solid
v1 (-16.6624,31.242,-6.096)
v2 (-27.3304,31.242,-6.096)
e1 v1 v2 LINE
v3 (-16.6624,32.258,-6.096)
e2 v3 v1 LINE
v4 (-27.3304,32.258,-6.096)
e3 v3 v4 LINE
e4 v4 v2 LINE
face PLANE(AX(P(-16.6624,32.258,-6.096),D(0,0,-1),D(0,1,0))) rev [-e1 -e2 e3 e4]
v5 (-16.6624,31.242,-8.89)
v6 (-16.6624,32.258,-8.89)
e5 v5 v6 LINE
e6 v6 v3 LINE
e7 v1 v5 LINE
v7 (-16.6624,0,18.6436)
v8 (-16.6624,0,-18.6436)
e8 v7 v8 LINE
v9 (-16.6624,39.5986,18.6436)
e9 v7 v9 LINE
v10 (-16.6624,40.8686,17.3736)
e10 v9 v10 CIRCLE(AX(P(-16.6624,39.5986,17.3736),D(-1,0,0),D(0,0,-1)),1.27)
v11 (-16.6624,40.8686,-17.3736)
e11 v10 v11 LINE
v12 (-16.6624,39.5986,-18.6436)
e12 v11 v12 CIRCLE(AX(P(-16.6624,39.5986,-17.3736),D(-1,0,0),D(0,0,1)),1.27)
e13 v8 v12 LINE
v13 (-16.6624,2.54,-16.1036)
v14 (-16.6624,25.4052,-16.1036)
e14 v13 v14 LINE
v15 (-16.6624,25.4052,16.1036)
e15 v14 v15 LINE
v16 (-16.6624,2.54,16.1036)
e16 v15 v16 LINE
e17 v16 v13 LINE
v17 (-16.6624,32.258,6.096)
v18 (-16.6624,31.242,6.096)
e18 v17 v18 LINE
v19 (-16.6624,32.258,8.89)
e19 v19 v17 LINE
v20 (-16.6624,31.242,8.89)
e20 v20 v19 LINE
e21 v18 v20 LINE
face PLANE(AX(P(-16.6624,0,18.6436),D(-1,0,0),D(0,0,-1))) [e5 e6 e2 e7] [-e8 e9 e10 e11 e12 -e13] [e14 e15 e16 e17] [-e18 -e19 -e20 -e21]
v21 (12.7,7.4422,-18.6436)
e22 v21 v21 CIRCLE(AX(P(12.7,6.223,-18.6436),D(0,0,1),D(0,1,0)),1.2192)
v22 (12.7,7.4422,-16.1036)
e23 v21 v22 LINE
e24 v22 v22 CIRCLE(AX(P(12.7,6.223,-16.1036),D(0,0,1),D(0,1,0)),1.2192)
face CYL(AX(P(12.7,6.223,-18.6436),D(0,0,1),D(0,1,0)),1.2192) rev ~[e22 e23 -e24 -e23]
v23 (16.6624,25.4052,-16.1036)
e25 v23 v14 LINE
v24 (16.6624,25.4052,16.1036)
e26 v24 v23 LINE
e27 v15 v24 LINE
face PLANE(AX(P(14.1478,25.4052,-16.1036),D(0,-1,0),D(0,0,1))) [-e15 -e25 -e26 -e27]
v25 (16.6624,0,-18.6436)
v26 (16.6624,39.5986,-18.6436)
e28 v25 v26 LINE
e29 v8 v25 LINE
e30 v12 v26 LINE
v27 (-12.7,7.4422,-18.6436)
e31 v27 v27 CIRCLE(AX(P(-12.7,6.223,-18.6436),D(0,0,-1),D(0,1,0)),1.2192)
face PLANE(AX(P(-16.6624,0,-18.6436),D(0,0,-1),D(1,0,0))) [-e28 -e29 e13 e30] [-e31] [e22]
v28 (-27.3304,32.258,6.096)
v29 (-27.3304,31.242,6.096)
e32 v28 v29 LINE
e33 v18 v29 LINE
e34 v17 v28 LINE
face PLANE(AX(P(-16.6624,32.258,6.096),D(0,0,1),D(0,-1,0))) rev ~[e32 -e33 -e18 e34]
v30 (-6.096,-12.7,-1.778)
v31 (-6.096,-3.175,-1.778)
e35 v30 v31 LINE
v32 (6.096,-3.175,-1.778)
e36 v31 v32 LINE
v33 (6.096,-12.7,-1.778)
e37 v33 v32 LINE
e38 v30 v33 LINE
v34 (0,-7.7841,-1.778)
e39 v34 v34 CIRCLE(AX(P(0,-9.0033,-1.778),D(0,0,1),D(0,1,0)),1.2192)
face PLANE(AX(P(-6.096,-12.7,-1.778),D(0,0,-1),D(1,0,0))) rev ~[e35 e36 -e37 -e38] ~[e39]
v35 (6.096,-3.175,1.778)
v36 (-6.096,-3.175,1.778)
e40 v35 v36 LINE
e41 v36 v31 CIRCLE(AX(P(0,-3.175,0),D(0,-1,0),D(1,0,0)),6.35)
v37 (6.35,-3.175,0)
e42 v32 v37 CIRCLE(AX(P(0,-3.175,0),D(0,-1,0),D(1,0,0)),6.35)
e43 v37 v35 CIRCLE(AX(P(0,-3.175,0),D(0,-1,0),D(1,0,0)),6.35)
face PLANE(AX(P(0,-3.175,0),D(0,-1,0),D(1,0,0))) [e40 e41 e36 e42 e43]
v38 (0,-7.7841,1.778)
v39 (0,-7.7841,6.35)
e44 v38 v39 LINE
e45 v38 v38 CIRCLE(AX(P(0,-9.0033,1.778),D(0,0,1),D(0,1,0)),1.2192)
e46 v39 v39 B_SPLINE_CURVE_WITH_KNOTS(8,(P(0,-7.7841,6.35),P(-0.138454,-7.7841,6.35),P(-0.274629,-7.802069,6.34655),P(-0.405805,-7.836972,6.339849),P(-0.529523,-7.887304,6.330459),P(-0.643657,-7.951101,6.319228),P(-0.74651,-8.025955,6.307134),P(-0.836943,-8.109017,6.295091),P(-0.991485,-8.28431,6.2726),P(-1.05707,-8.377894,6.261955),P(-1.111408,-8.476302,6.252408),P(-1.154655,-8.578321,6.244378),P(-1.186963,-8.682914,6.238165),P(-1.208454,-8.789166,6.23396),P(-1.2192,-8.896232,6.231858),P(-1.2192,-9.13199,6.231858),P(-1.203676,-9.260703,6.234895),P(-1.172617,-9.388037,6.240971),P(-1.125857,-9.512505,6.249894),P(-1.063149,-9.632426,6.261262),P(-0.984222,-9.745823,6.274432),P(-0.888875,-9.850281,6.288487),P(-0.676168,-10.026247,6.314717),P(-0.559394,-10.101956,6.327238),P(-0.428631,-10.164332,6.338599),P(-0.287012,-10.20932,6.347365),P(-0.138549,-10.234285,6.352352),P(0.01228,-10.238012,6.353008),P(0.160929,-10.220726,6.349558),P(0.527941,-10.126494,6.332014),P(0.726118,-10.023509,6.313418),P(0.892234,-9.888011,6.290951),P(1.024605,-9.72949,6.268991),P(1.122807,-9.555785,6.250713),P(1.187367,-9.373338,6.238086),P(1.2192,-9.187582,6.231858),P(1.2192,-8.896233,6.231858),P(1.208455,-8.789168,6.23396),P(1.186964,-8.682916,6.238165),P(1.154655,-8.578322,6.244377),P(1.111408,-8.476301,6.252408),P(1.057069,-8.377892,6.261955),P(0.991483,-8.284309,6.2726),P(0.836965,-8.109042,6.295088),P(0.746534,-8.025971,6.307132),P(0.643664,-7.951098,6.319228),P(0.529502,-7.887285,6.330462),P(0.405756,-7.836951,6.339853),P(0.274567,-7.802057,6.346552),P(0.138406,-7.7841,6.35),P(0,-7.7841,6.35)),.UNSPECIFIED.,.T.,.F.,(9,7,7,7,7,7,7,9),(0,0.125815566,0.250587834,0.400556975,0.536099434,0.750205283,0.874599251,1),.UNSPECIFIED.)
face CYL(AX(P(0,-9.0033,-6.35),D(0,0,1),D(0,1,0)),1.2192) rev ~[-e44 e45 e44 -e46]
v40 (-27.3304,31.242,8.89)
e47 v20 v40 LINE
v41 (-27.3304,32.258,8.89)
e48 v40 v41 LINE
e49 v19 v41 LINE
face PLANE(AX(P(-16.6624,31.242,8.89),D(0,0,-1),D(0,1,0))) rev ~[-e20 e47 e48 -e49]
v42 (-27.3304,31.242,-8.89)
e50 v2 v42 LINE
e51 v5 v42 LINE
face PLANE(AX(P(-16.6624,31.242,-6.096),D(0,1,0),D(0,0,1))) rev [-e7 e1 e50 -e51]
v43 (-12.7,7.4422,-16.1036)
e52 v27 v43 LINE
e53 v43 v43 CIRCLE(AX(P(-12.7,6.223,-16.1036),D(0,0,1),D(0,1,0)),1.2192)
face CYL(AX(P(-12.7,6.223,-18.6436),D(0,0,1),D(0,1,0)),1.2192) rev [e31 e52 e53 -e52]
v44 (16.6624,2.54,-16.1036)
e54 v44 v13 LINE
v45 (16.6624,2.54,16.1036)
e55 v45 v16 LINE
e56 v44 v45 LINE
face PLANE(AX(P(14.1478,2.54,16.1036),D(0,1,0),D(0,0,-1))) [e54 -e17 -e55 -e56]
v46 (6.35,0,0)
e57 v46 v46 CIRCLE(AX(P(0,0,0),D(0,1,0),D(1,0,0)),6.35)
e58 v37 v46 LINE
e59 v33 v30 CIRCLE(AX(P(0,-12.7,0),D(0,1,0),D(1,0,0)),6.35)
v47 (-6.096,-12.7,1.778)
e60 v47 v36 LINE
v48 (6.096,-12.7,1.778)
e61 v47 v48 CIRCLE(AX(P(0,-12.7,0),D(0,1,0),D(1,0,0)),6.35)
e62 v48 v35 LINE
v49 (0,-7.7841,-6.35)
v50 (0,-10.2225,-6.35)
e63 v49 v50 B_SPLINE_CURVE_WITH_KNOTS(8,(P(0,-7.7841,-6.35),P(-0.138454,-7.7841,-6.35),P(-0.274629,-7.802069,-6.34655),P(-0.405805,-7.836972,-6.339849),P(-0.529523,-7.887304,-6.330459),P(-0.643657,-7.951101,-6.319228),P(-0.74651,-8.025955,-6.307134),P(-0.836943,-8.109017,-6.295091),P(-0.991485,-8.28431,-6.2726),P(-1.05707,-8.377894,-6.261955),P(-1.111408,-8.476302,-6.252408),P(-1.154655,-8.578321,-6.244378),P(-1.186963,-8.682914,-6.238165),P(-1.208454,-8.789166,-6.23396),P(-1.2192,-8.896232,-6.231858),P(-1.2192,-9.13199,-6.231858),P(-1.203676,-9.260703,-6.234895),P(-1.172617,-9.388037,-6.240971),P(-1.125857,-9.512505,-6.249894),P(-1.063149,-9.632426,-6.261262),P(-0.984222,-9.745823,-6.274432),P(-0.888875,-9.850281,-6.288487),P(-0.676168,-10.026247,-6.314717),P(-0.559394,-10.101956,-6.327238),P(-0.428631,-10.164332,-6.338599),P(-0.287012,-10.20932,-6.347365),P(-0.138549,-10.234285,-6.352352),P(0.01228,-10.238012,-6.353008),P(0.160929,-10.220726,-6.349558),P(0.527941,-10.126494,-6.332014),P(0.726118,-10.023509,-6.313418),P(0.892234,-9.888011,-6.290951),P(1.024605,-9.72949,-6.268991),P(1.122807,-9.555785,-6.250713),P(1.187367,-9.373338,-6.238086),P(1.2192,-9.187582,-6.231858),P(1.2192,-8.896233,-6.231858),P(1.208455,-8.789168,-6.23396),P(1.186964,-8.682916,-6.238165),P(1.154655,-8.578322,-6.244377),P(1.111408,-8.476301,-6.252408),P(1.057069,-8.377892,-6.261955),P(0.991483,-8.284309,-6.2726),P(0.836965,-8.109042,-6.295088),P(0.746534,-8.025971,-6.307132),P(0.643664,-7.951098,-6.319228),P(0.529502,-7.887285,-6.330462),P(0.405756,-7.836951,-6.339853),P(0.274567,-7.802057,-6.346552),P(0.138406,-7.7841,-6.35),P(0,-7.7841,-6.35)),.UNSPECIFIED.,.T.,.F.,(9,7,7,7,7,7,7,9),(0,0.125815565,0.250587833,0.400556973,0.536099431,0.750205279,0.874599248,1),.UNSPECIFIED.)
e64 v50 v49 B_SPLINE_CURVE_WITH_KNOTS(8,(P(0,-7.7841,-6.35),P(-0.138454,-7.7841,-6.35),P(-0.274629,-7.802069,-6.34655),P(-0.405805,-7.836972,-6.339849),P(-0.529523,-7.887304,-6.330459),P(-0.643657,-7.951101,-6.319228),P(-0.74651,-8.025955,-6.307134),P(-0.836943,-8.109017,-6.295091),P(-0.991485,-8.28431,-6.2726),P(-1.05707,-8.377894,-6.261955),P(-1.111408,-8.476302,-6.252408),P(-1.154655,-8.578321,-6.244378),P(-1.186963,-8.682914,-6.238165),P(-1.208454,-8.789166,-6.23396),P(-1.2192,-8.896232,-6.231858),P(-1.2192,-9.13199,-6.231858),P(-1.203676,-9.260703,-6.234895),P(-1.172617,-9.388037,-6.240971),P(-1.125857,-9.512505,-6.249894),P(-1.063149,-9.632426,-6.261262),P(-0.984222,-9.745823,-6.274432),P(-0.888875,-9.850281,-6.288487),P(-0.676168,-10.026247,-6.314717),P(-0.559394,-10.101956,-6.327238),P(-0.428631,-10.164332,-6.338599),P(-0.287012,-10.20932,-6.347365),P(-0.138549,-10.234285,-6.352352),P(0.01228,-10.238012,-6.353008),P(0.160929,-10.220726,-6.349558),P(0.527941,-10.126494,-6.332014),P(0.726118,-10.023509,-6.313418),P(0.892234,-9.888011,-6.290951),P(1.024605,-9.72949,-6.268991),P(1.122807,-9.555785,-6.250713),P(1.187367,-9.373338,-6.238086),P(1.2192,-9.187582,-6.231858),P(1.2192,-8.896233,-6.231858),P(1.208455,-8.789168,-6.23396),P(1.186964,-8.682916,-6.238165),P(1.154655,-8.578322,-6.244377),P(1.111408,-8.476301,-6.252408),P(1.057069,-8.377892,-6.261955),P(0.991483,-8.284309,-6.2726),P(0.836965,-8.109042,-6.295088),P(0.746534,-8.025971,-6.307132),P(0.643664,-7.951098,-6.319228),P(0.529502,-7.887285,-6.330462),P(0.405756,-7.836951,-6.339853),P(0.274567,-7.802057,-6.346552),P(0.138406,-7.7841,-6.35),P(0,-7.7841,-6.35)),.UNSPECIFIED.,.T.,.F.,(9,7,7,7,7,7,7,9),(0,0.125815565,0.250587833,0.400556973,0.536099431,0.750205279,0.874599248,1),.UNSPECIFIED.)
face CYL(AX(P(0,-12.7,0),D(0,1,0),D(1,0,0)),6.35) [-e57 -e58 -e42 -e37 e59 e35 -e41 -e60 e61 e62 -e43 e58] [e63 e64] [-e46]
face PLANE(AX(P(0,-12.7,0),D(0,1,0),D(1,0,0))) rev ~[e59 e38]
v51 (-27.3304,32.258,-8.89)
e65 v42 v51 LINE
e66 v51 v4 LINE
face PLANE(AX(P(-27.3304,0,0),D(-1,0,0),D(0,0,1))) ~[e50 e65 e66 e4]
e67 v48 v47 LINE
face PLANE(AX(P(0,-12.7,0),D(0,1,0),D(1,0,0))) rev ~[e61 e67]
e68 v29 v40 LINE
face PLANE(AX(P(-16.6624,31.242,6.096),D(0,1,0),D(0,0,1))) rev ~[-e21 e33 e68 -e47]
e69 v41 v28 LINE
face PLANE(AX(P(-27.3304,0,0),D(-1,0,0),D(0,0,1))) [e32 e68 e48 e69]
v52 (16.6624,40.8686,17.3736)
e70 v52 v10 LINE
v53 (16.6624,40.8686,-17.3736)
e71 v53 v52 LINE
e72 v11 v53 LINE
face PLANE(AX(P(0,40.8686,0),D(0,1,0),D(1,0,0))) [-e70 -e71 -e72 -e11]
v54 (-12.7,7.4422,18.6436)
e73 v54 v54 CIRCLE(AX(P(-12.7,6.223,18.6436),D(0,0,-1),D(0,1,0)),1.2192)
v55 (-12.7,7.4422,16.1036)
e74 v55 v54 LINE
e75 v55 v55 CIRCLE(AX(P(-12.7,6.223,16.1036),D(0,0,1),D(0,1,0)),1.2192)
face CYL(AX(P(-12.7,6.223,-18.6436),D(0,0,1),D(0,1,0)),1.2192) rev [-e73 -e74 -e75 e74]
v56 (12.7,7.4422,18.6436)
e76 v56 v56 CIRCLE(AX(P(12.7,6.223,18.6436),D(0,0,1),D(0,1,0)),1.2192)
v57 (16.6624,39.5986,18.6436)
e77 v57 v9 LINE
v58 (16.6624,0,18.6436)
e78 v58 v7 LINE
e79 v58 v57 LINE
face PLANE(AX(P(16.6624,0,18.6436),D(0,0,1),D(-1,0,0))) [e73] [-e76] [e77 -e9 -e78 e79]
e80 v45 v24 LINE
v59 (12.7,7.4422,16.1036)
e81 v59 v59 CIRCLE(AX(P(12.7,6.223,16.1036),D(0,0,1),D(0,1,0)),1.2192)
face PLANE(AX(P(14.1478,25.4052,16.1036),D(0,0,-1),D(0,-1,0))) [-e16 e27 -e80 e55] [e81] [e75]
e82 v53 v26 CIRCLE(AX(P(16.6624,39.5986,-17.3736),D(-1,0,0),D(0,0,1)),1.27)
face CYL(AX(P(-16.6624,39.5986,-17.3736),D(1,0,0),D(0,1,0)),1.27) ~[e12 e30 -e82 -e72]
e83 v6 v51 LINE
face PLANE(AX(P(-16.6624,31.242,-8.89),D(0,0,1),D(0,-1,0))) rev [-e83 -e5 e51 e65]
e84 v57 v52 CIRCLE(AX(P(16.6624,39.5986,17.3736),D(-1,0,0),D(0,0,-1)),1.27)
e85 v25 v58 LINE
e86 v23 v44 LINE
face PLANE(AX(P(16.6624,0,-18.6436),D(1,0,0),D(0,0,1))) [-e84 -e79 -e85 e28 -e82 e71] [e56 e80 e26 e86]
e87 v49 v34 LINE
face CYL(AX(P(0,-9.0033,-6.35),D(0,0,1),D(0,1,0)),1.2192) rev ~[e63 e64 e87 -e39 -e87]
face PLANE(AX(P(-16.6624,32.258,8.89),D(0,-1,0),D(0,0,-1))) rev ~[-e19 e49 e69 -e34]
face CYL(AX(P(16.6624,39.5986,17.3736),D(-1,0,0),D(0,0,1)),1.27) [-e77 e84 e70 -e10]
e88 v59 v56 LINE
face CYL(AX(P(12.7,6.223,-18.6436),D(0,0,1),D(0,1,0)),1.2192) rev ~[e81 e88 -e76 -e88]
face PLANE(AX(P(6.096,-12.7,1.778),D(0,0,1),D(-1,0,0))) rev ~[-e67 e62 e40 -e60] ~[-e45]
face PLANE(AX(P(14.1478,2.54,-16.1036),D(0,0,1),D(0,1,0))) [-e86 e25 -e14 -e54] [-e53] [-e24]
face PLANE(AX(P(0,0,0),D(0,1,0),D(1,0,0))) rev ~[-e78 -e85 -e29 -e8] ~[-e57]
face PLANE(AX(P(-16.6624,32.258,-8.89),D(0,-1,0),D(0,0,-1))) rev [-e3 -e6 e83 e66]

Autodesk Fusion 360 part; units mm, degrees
sketch "Sketch1" plane through (0, 0, 0) normal (0, 1, 0) x (1, 0, 0)
  line L0 (16.6624, -18.6436) -> (-16.6624, -18.6436)
  line L1 (-16.6624, -18.6436) -> (-16.6624, 18.6436)
  line L2 (-16.6624, 18.6436) -> (16.6624, 18.6436)
  line L3 (16.6624, 18.6436) -> (16.6624, -18.6436)
  line L4 (16.6624, -18.6436) -> (-16.6624, 18.6436) construction
  line L5 (-16.6624, -18.6436) -> (16.6624, 18.6436) construction
  dimension "d1" = 33.3248
  dimension "d2" = 37.2872
extrude "Extrude1" add sketch "Sketch1" along normal blind 40.8686
cylinder "CylinderPrimitive1" add diameter 12.7 height -12.7 placed x (1, 0, 0) y (0, 0, -1) z (0, 1, 0) at (0, 0, 0)
sketch "Sketch3" plane through (0, -12.7, 0) normal (0, -1, 0) x (1, 0, 0)
  circle A0 centre (0, 0) radius 6.35
  line L0 (-6.35, -1.778) -> (6.35, -1.778)
  arc A1 (6.35, -1.778) -> (6.35, 1.778) centre (6.35, 0) ccw
  line L1 (6.35, 1.778) -> (-6.35, 1.778)
  arc A2 (-6.35, 1.778) -> (-6.35, -1.778) centre (-6.35, 0) ccw
  line L2 (-6.35, 0) -> (6.35, 0) construction
extrude "Extrude2" cut sketch "Sketch3" against normal blind 9.525 contours A0 L0 L1
fillet "Fillet1" radius 1.27 2 edges at (0, 40.8686, 18.6436) (0, 40.8686, -18.6436)
hole "Hole1" at (0, -9.0033, -6.35) direction (0, 0, 1) diameter 2.4384 depth 37.2872 tip angle 180
sketch "Sketch4" plane through (0, 0, -18.6436) normal (0, 0, -1) x (-1, 0, 0)
  line L0 (16.6624, 39.5986) -> (-16.6624, 39.5986)
  line L1 (-16.6624, 39.5986) -> (-16.6624, 0)
  line L2 (-16.6624, 0) -> (16.6624, 0)
  line L3 (16.6624, 0) -> (16.6624, 39.5986)
  line L4 (0, 0) -> (0, 6.223)
  line L5 (0, 6.223) -> (12.7, 6.223)
  line L6 (12.7, 6.223) -> (0, 6.223)
  line L7 (0, 6.223) -> (-12.7, 6.223)
  dimension "d13" = 6.223
  dimension "d14" = 12.7
hole "Hole2" at (12.7, 6.223, -18.6436) direction (0, 0, 1) diameter 2.4384 depth 37.2872 tip angle 180
mirror "Mirror1" about plane through (0, 0, 0) normal (1, 0, 0) of "Hole2"
sketch "Sketch5" plane through (-16.6624, 0, 0) normal (-1, 0, 0) x (0, 0, 1)
  arc A0 (-17.3736, 40.8686) -> (-18.6436, 39.5986) centre (-17.3736, 39.5986) ccw
  line L0 (-18.6436, 39.5986) -> (-18.6436, 0)
  line L1 (-18.6436, 0) -> (18.6436, 0)
  line L2 (18.6436, 0) -> (18.6436, 39.5986)
  arc A1 (18.6436, 39.5986) -> (17.3736, 40.8686) centre (17.3736, 39.5986) ccw
  line L3 (17.3736, 40.8686) -> (-17.3736, 40.8686)
  line L4 (-16.1036, 25.4052) -> (16.1036, 25.4052)
  line L5 (16.1036, 25.4052) -> (16.1036, 2.54)
  line L6 (16.1036, 2.54) -> (-16.1036, 2.54)
  line L7 (-16.1036, 2.54) -> (-16.1036, 25.4052)
  line L8 (16.1036, 13.9726) -> (18.6436, 13.9726) construction
  line L9 (-16.1036, 13.9726) -> (-18.6436, 13.9802) construction
  line L10 (0, 2.54) -> (0, 0) construction
  line L11 (0, 25.4052) -> (0, 40.8686) construction
extrude "Extrude3" cut sketch "Sketch5" against normal blind 30.8102 contours L4 L5 L6 L7
sketch "Sketch6" plane through (-16.6624, 0, 0) normal (-1, 0, 0) x (0, 0, 1)
  line L0 (16.1036, 25.4052) -> (16.1036, 2.54)
  line L1 (16.1036, 2.54) -> (-16.1036, 2.54)
  line L2 (-16.1036, 2.54) -> (-16.1036, 25.4052)
  line L3 (-16.1036, 25.4052) -> (16.1036, 25.4052)
  arc A0 (-17.3736, 40.8686) -> (-18.6436, 39.5986) centre (-17.3736, 39.5986) ccw
  line L4 (-18.6436, 39.5986) -> (-18.6436, 0)
  line L5 (-18.6436, 0) -> (18.6436, 0)
  line L6 (18.6436, 0) -> (18.6436, 39.5986)
  arc A1 (18.6436, 39.5986) -> (17.3736, 40.8686) centre (17.3736, 39.5986) ccw
  line L7 (17.3736, 40.8686) -> (-17.3736, 40.8686)
  line L8 (0, 40.8686) -> (0, 31.75) construction
  line L9 (0, 31.75) -> (7.493, 31.75) construction
  line L10 (8.89, 32.258) -> (6.096, 32.258)
  line L11 (6.096, 32.258) -> (6.096, 31.242)
  line L12 (6.096, 31.242) -> (8.89, 31.242)
  line L13 (8.89, 31.242) -> (8.89, 32.258)
  line L14 (8.89, 32.258) -> (6.096, 31.242) construction
  line L15 (6.096, 32.258) -> (8.89, 31.242) construction
  dimension "d21" = 7.493
extrude "Extrude4" add sketch "Sketch6" along normal blind 10.668 contours L10 L11 L12 L13
mirror "Mirror2" about plane through (0, 0, 0) normal (0, 0, 1) of "Extrude4"
extrude "Extrude5" cut 1 faces at (14.1478, 17.7834, 5.3679) along direction (1, 0, 0) blind 7.62
